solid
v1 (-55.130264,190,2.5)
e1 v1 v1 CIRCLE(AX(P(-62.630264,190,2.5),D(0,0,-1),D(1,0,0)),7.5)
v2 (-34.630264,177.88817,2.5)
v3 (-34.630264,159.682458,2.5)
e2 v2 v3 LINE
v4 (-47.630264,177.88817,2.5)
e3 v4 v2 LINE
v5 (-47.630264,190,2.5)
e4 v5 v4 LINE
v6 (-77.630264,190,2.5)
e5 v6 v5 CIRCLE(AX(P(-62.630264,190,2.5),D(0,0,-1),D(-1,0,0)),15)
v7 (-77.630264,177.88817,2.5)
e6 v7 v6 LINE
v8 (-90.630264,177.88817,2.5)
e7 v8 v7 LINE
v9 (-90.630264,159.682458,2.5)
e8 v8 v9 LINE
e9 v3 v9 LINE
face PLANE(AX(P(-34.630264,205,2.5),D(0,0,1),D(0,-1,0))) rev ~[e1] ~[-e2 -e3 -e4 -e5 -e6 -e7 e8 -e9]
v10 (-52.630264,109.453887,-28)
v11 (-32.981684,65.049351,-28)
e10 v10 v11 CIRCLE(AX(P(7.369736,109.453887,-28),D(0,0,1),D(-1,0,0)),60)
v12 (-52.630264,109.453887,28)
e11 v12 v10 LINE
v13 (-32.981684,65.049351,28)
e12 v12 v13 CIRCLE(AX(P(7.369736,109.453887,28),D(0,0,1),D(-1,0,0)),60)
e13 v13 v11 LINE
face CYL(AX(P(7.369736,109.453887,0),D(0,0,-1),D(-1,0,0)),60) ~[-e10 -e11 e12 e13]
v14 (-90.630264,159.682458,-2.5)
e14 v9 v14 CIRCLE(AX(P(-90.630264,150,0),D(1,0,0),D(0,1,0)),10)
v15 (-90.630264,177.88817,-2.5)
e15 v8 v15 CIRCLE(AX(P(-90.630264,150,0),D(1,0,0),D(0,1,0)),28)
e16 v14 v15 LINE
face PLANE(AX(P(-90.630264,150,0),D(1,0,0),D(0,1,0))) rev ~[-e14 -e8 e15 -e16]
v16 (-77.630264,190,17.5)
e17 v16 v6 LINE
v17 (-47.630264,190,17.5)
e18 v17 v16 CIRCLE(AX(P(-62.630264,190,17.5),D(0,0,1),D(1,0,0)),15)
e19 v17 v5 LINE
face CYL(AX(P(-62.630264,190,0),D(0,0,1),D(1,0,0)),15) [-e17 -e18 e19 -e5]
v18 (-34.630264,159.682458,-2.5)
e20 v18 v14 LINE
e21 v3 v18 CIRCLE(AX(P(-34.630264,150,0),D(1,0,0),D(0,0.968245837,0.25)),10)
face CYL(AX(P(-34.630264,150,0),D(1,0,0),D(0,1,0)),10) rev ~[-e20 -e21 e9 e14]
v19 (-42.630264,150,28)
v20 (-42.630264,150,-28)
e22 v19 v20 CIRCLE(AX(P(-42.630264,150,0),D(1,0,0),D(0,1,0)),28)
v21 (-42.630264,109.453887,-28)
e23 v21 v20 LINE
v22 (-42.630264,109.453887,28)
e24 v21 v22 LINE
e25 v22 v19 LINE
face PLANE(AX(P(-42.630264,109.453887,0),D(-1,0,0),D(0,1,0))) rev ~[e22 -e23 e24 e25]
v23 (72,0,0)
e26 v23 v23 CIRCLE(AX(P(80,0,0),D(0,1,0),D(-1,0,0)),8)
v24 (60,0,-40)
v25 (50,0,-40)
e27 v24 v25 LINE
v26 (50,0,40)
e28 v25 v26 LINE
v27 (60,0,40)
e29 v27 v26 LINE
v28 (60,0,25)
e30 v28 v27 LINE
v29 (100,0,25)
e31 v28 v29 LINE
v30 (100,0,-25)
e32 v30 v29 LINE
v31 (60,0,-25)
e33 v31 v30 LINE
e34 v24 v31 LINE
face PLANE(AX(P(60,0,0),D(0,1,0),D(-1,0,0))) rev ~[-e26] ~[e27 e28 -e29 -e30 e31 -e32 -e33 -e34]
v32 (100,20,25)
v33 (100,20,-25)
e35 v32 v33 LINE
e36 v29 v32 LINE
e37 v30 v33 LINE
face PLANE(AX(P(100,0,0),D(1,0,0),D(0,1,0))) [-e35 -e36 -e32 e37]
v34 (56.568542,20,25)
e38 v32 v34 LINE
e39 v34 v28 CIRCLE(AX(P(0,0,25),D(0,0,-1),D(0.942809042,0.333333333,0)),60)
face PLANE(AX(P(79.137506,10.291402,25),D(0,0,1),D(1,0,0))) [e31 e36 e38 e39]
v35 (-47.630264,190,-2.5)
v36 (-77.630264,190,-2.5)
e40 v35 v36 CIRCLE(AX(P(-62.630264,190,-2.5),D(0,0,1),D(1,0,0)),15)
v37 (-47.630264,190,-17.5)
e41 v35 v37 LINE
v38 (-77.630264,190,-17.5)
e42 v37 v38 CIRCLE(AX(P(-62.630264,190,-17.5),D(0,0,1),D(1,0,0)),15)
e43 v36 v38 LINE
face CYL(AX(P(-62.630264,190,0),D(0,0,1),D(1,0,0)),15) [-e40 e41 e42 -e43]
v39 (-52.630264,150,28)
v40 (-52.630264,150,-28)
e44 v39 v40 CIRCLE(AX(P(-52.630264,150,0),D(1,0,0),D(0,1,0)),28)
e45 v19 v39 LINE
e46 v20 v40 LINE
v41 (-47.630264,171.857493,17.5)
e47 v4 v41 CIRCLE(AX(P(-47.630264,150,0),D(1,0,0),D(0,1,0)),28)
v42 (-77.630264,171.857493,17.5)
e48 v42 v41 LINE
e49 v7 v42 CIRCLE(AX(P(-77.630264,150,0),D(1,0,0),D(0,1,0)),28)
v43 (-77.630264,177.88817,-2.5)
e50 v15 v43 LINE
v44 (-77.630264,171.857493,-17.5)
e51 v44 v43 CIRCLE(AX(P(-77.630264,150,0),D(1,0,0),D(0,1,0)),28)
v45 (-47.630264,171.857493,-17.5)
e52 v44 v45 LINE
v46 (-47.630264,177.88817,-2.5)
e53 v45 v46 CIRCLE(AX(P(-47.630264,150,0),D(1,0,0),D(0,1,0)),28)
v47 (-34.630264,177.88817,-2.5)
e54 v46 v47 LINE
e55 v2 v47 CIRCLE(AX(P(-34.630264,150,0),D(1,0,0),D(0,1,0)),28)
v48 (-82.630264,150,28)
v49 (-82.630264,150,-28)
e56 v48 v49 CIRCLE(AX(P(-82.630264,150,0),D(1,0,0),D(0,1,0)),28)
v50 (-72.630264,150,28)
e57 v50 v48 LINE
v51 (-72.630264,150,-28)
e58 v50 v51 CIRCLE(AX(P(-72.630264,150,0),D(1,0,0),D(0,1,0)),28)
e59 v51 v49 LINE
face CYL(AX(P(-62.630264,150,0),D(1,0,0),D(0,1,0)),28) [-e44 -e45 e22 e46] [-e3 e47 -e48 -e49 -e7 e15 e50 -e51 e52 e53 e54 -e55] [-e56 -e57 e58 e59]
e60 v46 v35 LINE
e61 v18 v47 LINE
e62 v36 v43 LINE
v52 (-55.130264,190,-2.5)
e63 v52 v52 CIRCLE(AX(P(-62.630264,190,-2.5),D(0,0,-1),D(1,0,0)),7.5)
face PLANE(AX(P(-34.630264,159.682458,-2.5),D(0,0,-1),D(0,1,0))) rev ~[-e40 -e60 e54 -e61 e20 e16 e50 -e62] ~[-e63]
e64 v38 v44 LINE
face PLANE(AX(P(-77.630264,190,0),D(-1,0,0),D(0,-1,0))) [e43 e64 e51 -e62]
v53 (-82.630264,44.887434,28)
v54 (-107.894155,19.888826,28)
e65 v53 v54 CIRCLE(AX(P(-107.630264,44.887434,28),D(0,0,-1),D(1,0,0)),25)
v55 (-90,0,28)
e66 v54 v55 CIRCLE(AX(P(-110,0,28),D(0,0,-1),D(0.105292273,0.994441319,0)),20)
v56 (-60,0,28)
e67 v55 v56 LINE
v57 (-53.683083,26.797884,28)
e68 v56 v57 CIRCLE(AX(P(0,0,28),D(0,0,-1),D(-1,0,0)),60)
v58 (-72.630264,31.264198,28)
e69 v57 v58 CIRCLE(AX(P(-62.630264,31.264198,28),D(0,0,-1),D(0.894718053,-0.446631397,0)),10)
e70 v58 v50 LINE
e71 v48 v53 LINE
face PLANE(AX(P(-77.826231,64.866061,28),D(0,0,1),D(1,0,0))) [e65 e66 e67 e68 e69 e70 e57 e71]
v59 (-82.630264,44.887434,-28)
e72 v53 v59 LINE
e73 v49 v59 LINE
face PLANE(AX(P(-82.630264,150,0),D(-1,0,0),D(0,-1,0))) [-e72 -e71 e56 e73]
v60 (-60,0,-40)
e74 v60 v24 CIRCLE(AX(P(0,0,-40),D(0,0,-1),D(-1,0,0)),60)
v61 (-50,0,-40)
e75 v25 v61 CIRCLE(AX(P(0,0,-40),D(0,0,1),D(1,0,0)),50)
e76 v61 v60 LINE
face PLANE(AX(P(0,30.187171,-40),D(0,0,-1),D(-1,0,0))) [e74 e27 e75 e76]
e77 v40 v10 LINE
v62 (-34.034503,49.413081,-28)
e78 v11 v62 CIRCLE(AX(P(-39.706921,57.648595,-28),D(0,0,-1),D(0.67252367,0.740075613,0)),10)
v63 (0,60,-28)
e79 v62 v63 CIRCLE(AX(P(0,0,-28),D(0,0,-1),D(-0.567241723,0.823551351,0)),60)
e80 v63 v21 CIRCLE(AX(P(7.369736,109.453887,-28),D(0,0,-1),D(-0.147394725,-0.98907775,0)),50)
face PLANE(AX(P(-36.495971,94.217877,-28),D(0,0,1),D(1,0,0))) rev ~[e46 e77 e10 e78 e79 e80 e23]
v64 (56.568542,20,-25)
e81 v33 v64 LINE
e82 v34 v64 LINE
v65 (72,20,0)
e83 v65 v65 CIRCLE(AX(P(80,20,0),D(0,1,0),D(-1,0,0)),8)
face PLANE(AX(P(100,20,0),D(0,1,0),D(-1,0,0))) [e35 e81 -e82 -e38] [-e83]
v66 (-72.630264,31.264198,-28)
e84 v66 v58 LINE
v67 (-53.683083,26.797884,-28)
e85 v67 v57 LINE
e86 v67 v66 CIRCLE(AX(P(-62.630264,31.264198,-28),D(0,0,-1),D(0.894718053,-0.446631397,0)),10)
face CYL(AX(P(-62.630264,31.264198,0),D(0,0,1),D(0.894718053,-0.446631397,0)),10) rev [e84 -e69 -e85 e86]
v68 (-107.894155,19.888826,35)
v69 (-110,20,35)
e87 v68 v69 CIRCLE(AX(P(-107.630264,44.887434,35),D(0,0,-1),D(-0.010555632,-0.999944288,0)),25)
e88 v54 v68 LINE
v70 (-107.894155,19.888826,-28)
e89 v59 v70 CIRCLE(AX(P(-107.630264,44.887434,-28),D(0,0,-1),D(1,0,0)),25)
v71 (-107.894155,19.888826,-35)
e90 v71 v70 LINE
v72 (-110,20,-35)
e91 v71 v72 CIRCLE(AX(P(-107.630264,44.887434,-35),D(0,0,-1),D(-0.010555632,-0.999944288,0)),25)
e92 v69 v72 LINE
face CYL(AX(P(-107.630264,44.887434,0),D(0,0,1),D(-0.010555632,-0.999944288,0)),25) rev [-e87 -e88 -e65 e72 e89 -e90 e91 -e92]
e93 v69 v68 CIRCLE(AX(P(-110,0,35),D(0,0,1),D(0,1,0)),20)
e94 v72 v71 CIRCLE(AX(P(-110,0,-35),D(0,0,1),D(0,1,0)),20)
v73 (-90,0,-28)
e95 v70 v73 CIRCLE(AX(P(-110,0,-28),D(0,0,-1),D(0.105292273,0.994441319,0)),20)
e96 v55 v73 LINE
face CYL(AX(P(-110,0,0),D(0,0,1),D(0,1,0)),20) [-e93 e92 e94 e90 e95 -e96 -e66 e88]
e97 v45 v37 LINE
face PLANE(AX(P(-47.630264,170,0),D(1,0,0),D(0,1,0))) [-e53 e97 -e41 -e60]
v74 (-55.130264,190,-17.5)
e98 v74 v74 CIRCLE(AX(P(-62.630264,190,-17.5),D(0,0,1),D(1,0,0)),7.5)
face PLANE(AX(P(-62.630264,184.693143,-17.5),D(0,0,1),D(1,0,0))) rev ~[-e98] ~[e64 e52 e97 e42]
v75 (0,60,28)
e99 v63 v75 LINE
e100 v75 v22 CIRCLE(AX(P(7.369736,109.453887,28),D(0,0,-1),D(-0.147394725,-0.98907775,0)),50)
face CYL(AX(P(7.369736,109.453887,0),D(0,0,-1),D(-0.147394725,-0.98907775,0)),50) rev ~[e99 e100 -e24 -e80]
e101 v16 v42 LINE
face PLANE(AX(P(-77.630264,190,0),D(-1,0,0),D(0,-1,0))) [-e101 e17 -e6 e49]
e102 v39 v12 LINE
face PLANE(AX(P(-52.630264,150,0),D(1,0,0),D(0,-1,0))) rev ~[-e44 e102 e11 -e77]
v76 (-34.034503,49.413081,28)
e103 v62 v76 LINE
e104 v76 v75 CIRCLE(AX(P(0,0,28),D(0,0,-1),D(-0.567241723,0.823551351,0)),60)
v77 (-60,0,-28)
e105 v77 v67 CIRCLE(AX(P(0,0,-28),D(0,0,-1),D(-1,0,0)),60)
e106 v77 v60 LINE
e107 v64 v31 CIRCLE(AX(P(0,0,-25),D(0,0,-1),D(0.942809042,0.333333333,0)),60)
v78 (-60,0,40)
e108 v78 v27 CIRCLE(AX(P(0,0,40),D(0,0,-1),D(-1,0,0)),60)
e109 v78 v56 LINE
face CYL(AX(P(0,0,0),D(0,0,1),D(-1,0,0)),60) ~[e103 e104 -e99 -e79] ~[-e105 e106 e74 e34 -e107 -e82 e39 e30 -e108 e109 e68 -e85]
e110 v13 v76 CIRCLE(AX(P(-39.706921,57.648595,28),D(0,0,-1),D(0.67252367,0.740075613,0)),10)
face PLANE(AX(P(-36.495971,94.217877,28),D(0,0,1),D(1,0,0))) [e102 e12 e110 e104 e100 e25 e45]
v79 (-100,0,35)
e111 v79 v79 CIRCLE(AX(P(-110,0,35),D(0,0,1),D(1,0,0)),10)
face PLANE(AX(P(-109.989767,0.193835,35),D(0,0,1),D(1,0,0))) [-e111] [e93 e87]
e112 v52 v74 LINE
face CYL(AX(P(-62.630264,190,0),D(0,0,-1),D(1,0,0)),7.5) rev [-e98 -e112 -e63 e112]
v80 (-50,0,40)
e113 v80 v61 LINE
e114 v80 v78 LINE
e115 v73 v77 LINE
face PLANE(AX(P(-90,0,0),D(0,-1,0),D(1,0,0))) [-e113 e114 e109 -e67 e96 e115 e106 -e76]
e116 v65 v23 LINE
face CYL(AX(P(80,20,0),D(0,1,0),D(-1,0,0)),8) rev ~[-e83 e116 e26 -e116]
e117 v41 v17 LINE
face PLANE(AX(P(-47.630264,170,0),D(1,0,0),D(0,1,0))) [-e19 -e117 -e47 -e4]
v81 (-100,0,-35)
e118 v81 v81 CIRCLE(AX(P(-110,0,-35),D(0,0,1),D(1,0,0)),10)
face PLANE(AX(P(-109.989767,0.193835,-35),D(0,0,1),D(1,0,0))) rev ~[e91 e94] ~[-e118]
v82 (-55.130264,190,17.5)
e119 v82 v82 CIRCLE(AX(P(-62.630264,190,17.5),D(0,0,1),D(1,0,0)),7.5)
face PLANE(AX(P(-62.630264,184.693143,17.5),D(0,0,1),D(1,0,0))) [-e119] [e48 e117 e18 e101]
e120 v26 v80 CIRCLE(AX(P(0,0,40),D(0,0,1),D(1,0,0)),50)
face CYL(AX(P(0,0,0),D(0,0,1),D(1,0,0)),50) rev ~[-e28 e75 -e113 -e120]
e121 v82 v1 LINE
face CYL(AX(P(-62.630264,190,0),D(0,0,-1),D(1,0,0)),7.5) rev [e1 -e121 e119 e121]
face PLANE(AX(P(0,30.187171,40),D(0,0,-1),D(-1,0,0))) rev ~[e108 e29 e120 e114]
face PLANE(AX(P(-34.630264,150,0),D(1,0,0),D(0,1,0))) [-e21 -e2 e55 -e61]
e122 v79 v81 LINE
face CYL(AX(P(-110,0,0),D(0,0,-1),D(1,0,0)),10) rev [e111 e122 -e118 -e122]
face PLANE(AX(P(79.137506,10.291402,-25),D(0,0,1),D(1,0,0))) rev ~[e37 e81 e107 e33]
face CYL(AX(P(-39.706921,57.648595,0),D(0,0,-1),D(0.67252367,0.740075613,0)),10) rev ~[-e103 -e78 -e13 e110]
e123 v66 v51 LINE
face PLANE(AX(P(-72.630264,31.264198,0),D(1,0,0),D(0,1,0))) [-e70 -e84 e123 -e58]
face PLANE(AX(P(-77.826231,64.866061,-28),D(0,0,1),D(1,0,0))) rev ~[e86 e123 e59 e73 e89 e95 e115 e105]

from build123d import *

# Parameters (mm, degrees)
BOSS_EXTRUDE1_DEPTH = 40
SKETCH1_3_R         = 9.999999999999993
BOSS_EXTRUDE2_DEPTH = 35
BOSS_EXTRUDE3_DEPTH = 28
BOSS_EXTRUDE4_DEPTH = 25
SKETCH3_R           = 8.000000000000012
CUT_EXTRUDE1_DEPTH  = 67
SKETCH8_R           = 27.999999999999996
BOSS_EXTRUDE5_DEPTH = 28
SKETCH9_R           = 7.500000000000014
BOSS_EXTRUDE6_DEPTH = 17.5
SKETCH10_R          = 10.000000000000004
CUT_EXTRUDE3_DEPTH  = 60
SKETCH10_4_R        = 10.000000000000004
CUT_EXTRUDE4_DEPTH  = 60


with BuildPart() as part:
    # Sketch1 → Boss-Extrude1 (new, symmetric)
    with BuildSketch(Plane.XY):
        with BuildLine():
            ThreePointArc((50, 0), (3.06e-15, 50), (-50, 0))
            Line((-50, 0), (-60, 0))
            ThreePointArc((-60, 0), (3.67e-15, 60), (60, 0))
            Line((60, 0), (50, 0))
        make_face()
    extrude(amount=BOSS_EXTRUDE1_DEPTH, both=True)



with BuildPart() as body_2:
    # Sketch1<3> → Boss-Extrude2 (new, symmetric)
    with BuildSketch(Plane.XY):
        with BuildLine():
            ThreePointArc((-110, 19.999999999999986), (-124.14213562373095, -14.142135623730939), (-90.00000000000001, -4.9e-15))
            ThreePointArc((-90.00000000000001, 0), (-95.13196534092553, 13.376903430037897), (-107.894154537656, 19.88882638288958))
            ThreePointArc((-107.894154537656, 19.888826382889572), (-108.94824999295787, 19.92219950575522), (-110, 20))
        make_face()
        with Locations((-110, 0)):
            Circle(SKETCH1_3_R, mode=Mode.SUBTRACT)
    extrude(amount=BOSS_EXTRUDE2_DEPTH, both=True)


with BuildPart() as part_1:
    add(part.part)

    add(body_2.part)  # Boss-Extrude3 merges body 2
    # Sketch1<6> → Boss-Extrude3 (add, symmetric)
    with BuildSketch(Plane.XY):
        with BuildLine():
            ThreePointArc((-32.98168393227754, 65.04935068656462), (-29.729511757993123, 56.976796834196755), (-34.03450339822838, 49.413081045771484))
            ThreePointArc((-34.034503398228374, 49.413081045771484), (-17.821547874044366, 57.29216727767544), (-1.66e-15, 59.99999999999999))
            ThreePointArc((-1.78e-15, 59.99999999999999), (-30.50166992482464, 76.80795981518852), (-42.63026373834409, 109.45388748555197))
            Line((-42.630263738344084, 109.45388748555196), (-42.63026373834409, 150))
            Line((-42.63026373834409, 150), (-52.63026373834409, 150))
            Line((-52.63026373834409, 150), (-52.63026373834409, 139.99999999999997))
            Line((-52.63026373834409, 139.99999999999997), (-52.630263738344084, 109.45388748555197))
            ThreePointArc((-52.63026373834408, 109.45388748555197), (-47.498675468756, 85.17514381579021), (-32.981683932277534, 65.04935068656462))
        make_face()
        with BuildLine():
            Line((-90, -3.21e-15), (-60, 0))
            ThreePointArc((-60, -3.31e-15), (-58.39942205303789, 13.766172448111766), (-53.68308320429493, 26.797883828406057))
            ThreePointArc((-53.683083204294945, 26.79788382840606), (-64.92462581302938, 21.530960790967427), (-72.63026373834407, 31.26419779980706))
            Line((-72.63026373834407, 31.264197799807064), (-72.6302637383441, 139.99999999999997))
            Line((-72.6302637383441, 139.99999999999997), (-72.6302637383441, 150))
            Line((-72.6302637383441, 150), (-82.63026373834408, 150))
            Line((-82.63026373834408, 150), (-82.63026373834408, 44.88743357701219))
            ThreePointArc((-82.63026373834407, 44.88743357701218), (-90.04614121236624, 27.116709478332382), (-107.894154537656, 19.888826382889572))
            ThreePointArc((-107.894154537656, 19.88882638288958), (-95.13196534092553, 13.376903430037897), (-90.00000000000001, 0))
        make_face()
    extrude(amount=BOSS_EXTRUDE3_DEPTH, both=True)

    # Sketch1<7> → Boss-Extrude4 (add, symmetric)
    with BuildSketch(Plane.XY):
        with BuildLine():
            ThreePointArc((56.568542494923804, 19.999999999999993), (59.13591357920932, 10.146118723545761), (60, 0))
            Line((60, 0), (100, 0))
            Line((100, 0), (100, 20))
            Line((100, 20), (56.568542494923804, 19.999999999999993))
        make_face()
    extrude(amount=BOSS_EXTRUDE4_DEPTH, both=True)

    # Sketch3 → Cut-Extrude1 (cut)
    with BuildSketch(Plane(origin=(-3.2e-15, 19.999999999999982, 0), x_dir=(1, 1.6e-16, 0), z_dir=(-1.6e-16, 1, 0))):
        with Locations(Location((80, 0, 0), (0, 0, 180))):
            Circle(SKETCH3_R)
    extrude(amount=-CUT_EXTRUDE1_DEPTH, mode=Mode.SUBTRACT)

    # Sketch8 → Boss-Extrude5 (add, symmetric)
    with BuildSketch(Plane(origin=(-62.630263738344055, -1.072e-14, 0), x_dir=(0, 0, -1), z_dir=(1, 1.7e-16, 0))):
        with Locations(Location((0, 150, 0), (0, 0, 90))):
            Circle(SKETCH8_R)
    extrude(amount=BOSS_EXTRUDE5_DEPTH, both=True)

    # Sketch9 → Boss-Extrude6 (add, symmetric)
    with BuildSketch(Plane.XY):
        with BuildLine():
            Line((-77.63026373834407, 190), (-77.63026373834407, 170))
            Line((-77.63026373834407, 170), (-47.63026373834407, 170))
            Line((-47.63026373834407, 170), (-47.63026373834407, 190))
            ThreePointArc((-47.63026373834407, 190), (-62.63026373834407, 205), (-77.63026373834407, 190))
        make_face()
        with Locations((-62.63026373834407, 190)):
            Circle(SKETCH9_R, mode=Mode.SUBTRACT)
    extrude(amount=BOSS_EXTRUDE6_DEPTH, both=True)

    # Sketch10 → Cut-Extrude3 (cut)
    with BuildSketch(Plane(origin=(-34.630263738344055, -5.93e-15, 0), x_dir=(0, 0, -1), z_dir=(1, 1.7e-16, 0))):
        with Locations(Location((0, 150, 0), (0, 0, 90))):
            Circle(SKETCH10_R)
    extrude(amount=-CUT_EXTRUDE3_DEPTH, mode=Mode.SUBTRACT)

    # Sketch10<4> → Cut-Extrude4 (cut)
    with BuildSketch(Plane(origin=(-34.630263738344055, -5.93e-15, 0), x_dir=(0, 0, -1), z_dir=(1, 1.7e-16, 0))):
        with Locations((0, 150)):
            Circle(SKETCH10_4_R)
        Polygon((-2.5, 150), (2.5, 150), (2.5000000000000004, 205.00000000000003), (-2.5, 205.00000000000003), align=None)
    extrude(amount=-CUT_EXTRUDE4_DEPTH, mode=Mode.SUBTRACT)


solid = part_1.part
